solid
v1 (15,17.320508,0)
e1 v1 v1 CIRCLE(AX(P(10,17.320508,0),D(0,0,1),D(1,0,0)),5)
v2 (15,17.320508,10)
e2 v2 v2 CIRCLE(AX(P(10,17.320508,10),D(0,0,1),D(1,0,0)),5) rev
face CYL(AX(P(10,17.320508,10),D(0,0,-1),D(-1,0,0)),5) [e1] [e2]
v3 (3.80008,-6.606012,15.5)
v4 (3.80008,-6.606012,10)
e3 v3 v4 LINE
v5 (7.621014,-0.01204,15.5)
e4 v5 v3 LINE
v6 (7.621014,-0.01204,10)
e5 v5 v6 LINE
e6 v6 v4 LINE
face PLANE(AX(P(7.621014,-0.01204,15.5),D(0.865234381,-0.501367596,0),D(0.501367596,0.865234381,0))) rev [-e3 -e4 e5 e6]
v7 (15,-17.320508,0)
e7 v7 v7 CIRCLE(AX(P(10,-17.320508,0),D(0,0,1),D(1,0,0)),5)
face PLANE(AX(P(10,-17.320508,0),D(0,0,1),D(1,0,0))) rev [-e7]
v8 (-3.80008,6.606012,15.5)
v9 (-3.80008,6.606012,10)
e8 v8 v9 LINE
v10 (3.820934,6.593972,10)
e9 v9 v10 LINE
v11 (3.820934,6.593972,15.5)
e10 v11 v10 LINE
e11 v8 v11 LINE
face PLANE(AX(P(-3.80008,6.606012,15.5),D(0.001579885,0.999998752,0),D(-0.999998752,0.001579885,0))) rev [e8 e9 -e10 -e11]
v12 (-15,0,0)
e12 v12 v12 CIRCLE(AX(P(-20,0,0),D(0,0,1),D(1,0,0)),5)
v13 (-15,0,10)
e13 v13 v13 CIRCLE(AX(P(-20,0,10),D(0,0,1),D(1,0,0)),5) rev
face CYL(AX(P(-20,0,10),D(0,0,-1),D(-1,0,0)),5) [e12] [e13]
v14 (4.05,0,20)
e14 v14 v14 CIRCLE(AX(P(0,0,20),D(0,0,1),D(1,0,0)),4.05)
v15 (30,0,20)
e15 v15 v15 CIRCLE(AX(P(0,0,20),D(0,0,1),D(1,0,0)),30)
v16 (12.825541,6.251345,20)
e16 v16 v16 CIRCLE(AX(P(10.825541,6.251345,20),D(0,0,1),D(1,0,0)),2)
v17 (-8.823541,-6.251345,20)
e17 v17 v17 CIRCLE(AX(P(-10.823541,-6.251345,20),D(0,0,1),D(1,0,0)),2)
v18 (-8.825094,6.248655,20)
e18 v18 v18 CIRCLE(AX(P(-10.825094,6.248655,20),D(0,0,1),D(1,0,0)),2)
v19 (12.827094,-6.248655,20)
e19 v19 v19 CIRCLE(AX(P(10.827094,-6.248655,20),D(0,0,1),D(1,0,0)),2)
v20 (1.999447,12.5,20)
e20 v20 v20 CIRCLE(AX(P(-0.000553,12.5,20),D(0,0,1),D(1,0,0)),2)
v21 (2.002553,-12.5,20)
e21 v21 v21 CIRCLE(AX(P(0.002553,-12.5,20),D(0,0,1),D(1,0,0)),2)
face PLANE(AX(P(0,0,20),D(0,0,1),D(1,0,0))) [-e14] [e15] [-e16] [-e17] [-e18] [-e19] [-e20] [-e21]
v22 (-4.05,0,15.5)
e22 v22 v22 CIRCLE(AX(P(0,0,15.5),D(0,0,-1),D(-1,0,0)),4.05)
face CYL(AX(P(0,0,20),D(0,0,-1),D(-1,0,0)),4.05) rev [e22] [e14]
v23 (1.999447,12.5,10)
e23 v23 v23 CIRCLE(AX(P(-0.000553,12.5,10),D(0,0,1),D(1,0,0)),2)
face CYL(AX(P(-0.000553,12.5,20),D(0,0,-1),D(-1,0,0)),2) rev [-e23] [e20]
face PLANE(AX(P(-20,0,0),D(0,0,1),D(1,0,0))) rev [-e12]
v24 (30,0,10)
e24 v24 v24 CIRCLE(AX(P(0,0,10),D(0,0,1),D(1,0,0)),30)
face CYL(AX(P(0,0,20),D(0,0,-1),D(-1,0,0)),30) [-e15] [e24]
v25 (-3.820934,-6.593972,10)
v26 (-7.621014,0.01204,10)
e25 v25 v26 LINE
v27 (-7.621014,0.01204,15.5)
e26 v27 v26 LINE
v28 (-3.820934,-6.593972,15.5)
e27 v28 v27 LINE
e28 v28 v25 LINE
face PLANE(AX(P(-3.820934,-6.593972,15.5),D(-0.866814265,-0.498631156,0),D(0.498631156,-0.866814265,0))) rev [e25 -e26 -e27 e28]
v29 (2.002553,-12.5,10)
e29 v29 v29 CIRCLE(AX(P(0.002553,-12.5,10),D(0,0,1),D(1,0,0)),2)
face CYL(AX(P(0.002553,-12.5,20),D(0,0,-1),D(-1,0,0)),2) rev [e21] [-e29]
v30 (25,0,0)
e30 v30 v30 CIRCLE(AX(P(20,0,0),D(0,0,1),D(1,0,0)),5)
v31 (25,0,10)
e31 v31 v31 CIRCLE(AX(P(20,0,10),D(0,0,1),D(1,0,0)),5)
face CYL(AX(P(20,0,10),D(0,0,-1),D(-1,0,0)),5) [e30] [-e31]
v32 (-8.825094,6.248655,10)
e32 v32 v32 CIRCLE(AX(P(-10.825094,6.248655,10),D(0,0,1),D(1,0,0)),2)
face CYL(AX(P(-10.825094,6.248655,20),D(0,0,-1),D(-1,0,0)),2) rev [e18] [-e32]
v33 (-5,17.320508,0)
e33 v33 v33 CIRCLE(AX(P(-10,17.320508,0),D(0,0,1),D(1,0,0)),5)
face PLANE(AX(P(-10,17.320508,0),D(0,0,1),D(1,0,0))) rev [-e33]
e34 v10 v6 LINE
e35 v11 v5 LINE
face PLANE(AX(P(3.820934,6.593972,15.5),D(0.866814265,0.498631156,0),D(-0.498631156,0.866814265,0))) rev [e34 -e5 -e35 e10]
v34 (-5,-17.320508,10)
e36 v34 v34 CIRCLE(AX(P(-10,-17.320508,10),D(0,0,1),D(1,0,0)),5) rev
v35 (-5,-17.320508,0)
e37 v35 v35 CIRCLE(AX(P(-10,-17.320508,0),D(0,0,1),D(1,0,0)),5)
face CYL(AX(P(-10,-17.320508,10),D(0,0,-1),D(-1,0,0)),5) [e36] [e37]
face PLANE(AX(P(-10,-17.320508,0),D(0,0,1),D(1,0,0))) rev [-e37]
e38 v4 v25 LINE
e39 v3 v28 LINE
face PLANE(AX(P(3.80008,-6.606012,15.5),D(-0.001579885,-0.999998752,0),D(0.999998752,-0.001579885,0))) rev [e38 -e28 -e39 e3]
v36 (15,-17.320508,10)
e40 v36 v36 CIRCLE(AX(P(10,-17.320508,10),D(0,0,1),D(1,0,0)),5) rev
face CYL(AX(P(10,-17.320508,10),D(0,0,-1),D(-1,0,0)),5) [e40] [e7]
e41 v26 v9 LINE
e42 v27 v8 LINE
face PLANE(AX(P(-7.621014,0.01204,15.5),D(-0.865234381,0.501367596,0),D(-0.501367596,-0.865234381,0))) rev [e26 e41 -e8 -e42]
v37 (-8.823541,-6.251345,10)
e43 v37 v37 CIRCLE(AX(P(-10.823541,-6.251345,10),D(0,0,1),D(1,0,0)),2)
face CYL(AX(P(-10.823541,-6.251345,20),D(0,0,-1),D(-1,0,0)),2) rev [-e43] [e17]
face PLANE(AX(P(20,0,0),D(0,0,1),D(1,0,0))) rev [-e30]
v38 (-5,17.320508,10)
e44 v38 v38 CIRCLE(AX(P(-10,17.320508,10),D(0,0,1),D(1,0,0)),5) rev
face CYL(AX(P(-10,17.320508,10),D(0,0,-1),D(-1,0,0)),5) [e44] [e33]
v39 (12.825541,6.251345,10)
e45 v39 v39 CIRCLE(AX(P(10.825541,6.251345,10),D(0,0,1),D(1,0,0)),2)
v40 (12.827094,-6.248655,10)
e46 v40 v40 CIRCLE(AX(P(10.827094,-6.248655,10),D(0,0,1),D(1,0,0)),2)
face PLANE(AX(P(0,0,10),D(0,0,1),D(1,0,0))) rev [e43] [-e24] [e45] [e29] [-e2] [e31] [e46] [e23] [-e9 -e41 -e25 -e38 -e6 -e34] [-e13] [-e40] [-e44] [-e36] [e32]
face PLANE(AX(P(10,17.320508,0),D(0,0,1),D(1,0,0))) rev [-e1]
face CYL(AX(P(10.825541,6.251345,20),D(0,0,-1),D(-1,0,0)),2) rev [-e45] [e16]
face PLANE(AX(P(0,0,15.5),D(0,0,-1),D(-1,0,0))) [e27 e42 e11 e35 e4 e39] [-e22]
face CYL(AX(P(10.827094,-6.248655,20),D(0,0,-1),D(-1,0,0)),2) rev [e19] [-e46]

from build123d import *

# Parameters (mm, degrees)
SKETCH1_R             = 5
BOSS_EXTRUDE1_DEPTH   = 10
BOSS_EXTRUDE1_2_DEPTH = 10
BOSS_EXTRUDE1_3_DEPTH = 10
BOSS_EXTRUDE1_4_DEPTH = 10
BOSS_EXTRUDE1_5_DEPTH = 10
BOSS_EXTRUDE1_6_DEPTH = 10
SKETCH2_R             = 30
SKETCH2_R_2           = 4.05
SKETCH2_R_3           = 2
BOSS_EXTRUDE2_DEPTH   = 10
CUT_EXTRUDE1_DEPTH    = 5.5


with BuildPart() as part:
    # Sketch1 → Boss-Extrude1 (new body)
    with BuildSketch(Plane.XY):
        with Locations((20, 0)):
            Circle(SKETCH1_R)
    extrude(amount=BOSS_EXTRUDE1_DEPTH)



with BuildPart() as body_2:
    # Sketch1 → Boss-Extrude1 2 (new body)
    with BuildSketch(Plane.XY):
        with Locations((10, -17.320508076)):
            Circle(SKETCH1_R)
    extrude(amount=BOSS_EXTRUDE1_2_DEPTH)


with BuildPart() as body_3:
    # Sketch1 → Boss-Extrude1 3 (new body)
    with BuildSketch(Plane.XY):
        with Locations((-10, -17.320508076)):
            Circle(SKETCH1_R)
    extrude(amount=BOSS_EXTRUDE1_3_DEPTH)


with BuildPart() as body_4:
    # Sketch1 → Boss-Extrude1 4 (new body)
    with BuildSketch(Plane.XY):
        with Locations((-20, 0)):
            Circle(SKETCH1_R)
    extrude(amount=BOSS_EXTRUDE1_4_DEPTH)


with BuildPart() as body_5:
    # Sketch1 → Boss-Extrude1 5 (new body)
    with BuildSketch(Plane.XY):
        with Locations((-10, 17.320508076)):
            Circle(SKETCH1_R)
    extrude(amount=BOSS_EXTRUDE1_5_DEPTH)


with BuildPart() as body_6:
    # Sketch1 → Boss-Extrude1 6 (new body)
    with BuildSketch(Plane.XY):
        with Locations((10, 17.320508076)):
            Circle(SKETCH1_R)
    extrude(amount=BOSS_EXTRUDE1_6_DEPTH)


with BuildPart() as part_1:
    add(part.part)

    add(body_2.part)  # Boss-Extrude2 merges body 2

    add(body_3.part)  # Boss-Extrude2 merges body 3

    add(body_4.part)  # Boss-Extrude2 merges body 4

    add(body_5.part)  # Boss-Extrude2 merges body 5

    add(body_6.part)  # Boss-Extrude2 merges body 6
    # Sketch2 → Boss-Extrude2 (add)
    with BuildSketch(Plane.XY.offset(10)):
        Circle(SKETCH2_R)
        Circle(SKETCH2_R_2, mode=Mode.SUBTRACT)
        with Locations((-0.00055318, 12.499999988)):
            Circle(SKETCH2_R_3, mode=Mode.SUBTRACT)
        with Locations((10.825540946, 6.251345088)):
            Circle(SKETCH2_R_3, mode=Mode.SUBTRACT)
        with Locations((10.827094127, -6.2486549)):
            Circle(SKETCH2_R_3, mode=Mode.SUBTRACT)
        with Locations((0.00255318, -12.499999988)):
            Circle(SKETCH2_R_3, mode=Mode.SUBTRACT)
        with Locations((-10.823540946, -6.251345088)):
            Circle(SKETCH2_R_3, mode=Mode.SUBTRACT)
        with Locations((-10.825094127, 6.2486549)):
            Circle(SKETCH2_R_3, mode=Mode.SUBTRACT)
    extrude(amount=BOSS_EXTRUDE2_DEPTH)

    # Sketch5 → Cut-Extrude1 (cut)
    with BuildSketch(Plane(origin=(0, 0, 10), x_dir=(-1, 0, 0), z_dir=(0, 0, -1))):
        Polygon((7.621014042, 0.012040338), (3.800079783, 6.606011932), (-3.82093426, 6.593971594), (-7.621014042, -0.012040338), (-3.800079783, -6.606011932), (3.82093426, -6.593971594), align=None)
    extrude(amount=-CUT_EXTRUDE1_DEPTH, mode=Mode.SUBTRACT)


solid = part_1.part
